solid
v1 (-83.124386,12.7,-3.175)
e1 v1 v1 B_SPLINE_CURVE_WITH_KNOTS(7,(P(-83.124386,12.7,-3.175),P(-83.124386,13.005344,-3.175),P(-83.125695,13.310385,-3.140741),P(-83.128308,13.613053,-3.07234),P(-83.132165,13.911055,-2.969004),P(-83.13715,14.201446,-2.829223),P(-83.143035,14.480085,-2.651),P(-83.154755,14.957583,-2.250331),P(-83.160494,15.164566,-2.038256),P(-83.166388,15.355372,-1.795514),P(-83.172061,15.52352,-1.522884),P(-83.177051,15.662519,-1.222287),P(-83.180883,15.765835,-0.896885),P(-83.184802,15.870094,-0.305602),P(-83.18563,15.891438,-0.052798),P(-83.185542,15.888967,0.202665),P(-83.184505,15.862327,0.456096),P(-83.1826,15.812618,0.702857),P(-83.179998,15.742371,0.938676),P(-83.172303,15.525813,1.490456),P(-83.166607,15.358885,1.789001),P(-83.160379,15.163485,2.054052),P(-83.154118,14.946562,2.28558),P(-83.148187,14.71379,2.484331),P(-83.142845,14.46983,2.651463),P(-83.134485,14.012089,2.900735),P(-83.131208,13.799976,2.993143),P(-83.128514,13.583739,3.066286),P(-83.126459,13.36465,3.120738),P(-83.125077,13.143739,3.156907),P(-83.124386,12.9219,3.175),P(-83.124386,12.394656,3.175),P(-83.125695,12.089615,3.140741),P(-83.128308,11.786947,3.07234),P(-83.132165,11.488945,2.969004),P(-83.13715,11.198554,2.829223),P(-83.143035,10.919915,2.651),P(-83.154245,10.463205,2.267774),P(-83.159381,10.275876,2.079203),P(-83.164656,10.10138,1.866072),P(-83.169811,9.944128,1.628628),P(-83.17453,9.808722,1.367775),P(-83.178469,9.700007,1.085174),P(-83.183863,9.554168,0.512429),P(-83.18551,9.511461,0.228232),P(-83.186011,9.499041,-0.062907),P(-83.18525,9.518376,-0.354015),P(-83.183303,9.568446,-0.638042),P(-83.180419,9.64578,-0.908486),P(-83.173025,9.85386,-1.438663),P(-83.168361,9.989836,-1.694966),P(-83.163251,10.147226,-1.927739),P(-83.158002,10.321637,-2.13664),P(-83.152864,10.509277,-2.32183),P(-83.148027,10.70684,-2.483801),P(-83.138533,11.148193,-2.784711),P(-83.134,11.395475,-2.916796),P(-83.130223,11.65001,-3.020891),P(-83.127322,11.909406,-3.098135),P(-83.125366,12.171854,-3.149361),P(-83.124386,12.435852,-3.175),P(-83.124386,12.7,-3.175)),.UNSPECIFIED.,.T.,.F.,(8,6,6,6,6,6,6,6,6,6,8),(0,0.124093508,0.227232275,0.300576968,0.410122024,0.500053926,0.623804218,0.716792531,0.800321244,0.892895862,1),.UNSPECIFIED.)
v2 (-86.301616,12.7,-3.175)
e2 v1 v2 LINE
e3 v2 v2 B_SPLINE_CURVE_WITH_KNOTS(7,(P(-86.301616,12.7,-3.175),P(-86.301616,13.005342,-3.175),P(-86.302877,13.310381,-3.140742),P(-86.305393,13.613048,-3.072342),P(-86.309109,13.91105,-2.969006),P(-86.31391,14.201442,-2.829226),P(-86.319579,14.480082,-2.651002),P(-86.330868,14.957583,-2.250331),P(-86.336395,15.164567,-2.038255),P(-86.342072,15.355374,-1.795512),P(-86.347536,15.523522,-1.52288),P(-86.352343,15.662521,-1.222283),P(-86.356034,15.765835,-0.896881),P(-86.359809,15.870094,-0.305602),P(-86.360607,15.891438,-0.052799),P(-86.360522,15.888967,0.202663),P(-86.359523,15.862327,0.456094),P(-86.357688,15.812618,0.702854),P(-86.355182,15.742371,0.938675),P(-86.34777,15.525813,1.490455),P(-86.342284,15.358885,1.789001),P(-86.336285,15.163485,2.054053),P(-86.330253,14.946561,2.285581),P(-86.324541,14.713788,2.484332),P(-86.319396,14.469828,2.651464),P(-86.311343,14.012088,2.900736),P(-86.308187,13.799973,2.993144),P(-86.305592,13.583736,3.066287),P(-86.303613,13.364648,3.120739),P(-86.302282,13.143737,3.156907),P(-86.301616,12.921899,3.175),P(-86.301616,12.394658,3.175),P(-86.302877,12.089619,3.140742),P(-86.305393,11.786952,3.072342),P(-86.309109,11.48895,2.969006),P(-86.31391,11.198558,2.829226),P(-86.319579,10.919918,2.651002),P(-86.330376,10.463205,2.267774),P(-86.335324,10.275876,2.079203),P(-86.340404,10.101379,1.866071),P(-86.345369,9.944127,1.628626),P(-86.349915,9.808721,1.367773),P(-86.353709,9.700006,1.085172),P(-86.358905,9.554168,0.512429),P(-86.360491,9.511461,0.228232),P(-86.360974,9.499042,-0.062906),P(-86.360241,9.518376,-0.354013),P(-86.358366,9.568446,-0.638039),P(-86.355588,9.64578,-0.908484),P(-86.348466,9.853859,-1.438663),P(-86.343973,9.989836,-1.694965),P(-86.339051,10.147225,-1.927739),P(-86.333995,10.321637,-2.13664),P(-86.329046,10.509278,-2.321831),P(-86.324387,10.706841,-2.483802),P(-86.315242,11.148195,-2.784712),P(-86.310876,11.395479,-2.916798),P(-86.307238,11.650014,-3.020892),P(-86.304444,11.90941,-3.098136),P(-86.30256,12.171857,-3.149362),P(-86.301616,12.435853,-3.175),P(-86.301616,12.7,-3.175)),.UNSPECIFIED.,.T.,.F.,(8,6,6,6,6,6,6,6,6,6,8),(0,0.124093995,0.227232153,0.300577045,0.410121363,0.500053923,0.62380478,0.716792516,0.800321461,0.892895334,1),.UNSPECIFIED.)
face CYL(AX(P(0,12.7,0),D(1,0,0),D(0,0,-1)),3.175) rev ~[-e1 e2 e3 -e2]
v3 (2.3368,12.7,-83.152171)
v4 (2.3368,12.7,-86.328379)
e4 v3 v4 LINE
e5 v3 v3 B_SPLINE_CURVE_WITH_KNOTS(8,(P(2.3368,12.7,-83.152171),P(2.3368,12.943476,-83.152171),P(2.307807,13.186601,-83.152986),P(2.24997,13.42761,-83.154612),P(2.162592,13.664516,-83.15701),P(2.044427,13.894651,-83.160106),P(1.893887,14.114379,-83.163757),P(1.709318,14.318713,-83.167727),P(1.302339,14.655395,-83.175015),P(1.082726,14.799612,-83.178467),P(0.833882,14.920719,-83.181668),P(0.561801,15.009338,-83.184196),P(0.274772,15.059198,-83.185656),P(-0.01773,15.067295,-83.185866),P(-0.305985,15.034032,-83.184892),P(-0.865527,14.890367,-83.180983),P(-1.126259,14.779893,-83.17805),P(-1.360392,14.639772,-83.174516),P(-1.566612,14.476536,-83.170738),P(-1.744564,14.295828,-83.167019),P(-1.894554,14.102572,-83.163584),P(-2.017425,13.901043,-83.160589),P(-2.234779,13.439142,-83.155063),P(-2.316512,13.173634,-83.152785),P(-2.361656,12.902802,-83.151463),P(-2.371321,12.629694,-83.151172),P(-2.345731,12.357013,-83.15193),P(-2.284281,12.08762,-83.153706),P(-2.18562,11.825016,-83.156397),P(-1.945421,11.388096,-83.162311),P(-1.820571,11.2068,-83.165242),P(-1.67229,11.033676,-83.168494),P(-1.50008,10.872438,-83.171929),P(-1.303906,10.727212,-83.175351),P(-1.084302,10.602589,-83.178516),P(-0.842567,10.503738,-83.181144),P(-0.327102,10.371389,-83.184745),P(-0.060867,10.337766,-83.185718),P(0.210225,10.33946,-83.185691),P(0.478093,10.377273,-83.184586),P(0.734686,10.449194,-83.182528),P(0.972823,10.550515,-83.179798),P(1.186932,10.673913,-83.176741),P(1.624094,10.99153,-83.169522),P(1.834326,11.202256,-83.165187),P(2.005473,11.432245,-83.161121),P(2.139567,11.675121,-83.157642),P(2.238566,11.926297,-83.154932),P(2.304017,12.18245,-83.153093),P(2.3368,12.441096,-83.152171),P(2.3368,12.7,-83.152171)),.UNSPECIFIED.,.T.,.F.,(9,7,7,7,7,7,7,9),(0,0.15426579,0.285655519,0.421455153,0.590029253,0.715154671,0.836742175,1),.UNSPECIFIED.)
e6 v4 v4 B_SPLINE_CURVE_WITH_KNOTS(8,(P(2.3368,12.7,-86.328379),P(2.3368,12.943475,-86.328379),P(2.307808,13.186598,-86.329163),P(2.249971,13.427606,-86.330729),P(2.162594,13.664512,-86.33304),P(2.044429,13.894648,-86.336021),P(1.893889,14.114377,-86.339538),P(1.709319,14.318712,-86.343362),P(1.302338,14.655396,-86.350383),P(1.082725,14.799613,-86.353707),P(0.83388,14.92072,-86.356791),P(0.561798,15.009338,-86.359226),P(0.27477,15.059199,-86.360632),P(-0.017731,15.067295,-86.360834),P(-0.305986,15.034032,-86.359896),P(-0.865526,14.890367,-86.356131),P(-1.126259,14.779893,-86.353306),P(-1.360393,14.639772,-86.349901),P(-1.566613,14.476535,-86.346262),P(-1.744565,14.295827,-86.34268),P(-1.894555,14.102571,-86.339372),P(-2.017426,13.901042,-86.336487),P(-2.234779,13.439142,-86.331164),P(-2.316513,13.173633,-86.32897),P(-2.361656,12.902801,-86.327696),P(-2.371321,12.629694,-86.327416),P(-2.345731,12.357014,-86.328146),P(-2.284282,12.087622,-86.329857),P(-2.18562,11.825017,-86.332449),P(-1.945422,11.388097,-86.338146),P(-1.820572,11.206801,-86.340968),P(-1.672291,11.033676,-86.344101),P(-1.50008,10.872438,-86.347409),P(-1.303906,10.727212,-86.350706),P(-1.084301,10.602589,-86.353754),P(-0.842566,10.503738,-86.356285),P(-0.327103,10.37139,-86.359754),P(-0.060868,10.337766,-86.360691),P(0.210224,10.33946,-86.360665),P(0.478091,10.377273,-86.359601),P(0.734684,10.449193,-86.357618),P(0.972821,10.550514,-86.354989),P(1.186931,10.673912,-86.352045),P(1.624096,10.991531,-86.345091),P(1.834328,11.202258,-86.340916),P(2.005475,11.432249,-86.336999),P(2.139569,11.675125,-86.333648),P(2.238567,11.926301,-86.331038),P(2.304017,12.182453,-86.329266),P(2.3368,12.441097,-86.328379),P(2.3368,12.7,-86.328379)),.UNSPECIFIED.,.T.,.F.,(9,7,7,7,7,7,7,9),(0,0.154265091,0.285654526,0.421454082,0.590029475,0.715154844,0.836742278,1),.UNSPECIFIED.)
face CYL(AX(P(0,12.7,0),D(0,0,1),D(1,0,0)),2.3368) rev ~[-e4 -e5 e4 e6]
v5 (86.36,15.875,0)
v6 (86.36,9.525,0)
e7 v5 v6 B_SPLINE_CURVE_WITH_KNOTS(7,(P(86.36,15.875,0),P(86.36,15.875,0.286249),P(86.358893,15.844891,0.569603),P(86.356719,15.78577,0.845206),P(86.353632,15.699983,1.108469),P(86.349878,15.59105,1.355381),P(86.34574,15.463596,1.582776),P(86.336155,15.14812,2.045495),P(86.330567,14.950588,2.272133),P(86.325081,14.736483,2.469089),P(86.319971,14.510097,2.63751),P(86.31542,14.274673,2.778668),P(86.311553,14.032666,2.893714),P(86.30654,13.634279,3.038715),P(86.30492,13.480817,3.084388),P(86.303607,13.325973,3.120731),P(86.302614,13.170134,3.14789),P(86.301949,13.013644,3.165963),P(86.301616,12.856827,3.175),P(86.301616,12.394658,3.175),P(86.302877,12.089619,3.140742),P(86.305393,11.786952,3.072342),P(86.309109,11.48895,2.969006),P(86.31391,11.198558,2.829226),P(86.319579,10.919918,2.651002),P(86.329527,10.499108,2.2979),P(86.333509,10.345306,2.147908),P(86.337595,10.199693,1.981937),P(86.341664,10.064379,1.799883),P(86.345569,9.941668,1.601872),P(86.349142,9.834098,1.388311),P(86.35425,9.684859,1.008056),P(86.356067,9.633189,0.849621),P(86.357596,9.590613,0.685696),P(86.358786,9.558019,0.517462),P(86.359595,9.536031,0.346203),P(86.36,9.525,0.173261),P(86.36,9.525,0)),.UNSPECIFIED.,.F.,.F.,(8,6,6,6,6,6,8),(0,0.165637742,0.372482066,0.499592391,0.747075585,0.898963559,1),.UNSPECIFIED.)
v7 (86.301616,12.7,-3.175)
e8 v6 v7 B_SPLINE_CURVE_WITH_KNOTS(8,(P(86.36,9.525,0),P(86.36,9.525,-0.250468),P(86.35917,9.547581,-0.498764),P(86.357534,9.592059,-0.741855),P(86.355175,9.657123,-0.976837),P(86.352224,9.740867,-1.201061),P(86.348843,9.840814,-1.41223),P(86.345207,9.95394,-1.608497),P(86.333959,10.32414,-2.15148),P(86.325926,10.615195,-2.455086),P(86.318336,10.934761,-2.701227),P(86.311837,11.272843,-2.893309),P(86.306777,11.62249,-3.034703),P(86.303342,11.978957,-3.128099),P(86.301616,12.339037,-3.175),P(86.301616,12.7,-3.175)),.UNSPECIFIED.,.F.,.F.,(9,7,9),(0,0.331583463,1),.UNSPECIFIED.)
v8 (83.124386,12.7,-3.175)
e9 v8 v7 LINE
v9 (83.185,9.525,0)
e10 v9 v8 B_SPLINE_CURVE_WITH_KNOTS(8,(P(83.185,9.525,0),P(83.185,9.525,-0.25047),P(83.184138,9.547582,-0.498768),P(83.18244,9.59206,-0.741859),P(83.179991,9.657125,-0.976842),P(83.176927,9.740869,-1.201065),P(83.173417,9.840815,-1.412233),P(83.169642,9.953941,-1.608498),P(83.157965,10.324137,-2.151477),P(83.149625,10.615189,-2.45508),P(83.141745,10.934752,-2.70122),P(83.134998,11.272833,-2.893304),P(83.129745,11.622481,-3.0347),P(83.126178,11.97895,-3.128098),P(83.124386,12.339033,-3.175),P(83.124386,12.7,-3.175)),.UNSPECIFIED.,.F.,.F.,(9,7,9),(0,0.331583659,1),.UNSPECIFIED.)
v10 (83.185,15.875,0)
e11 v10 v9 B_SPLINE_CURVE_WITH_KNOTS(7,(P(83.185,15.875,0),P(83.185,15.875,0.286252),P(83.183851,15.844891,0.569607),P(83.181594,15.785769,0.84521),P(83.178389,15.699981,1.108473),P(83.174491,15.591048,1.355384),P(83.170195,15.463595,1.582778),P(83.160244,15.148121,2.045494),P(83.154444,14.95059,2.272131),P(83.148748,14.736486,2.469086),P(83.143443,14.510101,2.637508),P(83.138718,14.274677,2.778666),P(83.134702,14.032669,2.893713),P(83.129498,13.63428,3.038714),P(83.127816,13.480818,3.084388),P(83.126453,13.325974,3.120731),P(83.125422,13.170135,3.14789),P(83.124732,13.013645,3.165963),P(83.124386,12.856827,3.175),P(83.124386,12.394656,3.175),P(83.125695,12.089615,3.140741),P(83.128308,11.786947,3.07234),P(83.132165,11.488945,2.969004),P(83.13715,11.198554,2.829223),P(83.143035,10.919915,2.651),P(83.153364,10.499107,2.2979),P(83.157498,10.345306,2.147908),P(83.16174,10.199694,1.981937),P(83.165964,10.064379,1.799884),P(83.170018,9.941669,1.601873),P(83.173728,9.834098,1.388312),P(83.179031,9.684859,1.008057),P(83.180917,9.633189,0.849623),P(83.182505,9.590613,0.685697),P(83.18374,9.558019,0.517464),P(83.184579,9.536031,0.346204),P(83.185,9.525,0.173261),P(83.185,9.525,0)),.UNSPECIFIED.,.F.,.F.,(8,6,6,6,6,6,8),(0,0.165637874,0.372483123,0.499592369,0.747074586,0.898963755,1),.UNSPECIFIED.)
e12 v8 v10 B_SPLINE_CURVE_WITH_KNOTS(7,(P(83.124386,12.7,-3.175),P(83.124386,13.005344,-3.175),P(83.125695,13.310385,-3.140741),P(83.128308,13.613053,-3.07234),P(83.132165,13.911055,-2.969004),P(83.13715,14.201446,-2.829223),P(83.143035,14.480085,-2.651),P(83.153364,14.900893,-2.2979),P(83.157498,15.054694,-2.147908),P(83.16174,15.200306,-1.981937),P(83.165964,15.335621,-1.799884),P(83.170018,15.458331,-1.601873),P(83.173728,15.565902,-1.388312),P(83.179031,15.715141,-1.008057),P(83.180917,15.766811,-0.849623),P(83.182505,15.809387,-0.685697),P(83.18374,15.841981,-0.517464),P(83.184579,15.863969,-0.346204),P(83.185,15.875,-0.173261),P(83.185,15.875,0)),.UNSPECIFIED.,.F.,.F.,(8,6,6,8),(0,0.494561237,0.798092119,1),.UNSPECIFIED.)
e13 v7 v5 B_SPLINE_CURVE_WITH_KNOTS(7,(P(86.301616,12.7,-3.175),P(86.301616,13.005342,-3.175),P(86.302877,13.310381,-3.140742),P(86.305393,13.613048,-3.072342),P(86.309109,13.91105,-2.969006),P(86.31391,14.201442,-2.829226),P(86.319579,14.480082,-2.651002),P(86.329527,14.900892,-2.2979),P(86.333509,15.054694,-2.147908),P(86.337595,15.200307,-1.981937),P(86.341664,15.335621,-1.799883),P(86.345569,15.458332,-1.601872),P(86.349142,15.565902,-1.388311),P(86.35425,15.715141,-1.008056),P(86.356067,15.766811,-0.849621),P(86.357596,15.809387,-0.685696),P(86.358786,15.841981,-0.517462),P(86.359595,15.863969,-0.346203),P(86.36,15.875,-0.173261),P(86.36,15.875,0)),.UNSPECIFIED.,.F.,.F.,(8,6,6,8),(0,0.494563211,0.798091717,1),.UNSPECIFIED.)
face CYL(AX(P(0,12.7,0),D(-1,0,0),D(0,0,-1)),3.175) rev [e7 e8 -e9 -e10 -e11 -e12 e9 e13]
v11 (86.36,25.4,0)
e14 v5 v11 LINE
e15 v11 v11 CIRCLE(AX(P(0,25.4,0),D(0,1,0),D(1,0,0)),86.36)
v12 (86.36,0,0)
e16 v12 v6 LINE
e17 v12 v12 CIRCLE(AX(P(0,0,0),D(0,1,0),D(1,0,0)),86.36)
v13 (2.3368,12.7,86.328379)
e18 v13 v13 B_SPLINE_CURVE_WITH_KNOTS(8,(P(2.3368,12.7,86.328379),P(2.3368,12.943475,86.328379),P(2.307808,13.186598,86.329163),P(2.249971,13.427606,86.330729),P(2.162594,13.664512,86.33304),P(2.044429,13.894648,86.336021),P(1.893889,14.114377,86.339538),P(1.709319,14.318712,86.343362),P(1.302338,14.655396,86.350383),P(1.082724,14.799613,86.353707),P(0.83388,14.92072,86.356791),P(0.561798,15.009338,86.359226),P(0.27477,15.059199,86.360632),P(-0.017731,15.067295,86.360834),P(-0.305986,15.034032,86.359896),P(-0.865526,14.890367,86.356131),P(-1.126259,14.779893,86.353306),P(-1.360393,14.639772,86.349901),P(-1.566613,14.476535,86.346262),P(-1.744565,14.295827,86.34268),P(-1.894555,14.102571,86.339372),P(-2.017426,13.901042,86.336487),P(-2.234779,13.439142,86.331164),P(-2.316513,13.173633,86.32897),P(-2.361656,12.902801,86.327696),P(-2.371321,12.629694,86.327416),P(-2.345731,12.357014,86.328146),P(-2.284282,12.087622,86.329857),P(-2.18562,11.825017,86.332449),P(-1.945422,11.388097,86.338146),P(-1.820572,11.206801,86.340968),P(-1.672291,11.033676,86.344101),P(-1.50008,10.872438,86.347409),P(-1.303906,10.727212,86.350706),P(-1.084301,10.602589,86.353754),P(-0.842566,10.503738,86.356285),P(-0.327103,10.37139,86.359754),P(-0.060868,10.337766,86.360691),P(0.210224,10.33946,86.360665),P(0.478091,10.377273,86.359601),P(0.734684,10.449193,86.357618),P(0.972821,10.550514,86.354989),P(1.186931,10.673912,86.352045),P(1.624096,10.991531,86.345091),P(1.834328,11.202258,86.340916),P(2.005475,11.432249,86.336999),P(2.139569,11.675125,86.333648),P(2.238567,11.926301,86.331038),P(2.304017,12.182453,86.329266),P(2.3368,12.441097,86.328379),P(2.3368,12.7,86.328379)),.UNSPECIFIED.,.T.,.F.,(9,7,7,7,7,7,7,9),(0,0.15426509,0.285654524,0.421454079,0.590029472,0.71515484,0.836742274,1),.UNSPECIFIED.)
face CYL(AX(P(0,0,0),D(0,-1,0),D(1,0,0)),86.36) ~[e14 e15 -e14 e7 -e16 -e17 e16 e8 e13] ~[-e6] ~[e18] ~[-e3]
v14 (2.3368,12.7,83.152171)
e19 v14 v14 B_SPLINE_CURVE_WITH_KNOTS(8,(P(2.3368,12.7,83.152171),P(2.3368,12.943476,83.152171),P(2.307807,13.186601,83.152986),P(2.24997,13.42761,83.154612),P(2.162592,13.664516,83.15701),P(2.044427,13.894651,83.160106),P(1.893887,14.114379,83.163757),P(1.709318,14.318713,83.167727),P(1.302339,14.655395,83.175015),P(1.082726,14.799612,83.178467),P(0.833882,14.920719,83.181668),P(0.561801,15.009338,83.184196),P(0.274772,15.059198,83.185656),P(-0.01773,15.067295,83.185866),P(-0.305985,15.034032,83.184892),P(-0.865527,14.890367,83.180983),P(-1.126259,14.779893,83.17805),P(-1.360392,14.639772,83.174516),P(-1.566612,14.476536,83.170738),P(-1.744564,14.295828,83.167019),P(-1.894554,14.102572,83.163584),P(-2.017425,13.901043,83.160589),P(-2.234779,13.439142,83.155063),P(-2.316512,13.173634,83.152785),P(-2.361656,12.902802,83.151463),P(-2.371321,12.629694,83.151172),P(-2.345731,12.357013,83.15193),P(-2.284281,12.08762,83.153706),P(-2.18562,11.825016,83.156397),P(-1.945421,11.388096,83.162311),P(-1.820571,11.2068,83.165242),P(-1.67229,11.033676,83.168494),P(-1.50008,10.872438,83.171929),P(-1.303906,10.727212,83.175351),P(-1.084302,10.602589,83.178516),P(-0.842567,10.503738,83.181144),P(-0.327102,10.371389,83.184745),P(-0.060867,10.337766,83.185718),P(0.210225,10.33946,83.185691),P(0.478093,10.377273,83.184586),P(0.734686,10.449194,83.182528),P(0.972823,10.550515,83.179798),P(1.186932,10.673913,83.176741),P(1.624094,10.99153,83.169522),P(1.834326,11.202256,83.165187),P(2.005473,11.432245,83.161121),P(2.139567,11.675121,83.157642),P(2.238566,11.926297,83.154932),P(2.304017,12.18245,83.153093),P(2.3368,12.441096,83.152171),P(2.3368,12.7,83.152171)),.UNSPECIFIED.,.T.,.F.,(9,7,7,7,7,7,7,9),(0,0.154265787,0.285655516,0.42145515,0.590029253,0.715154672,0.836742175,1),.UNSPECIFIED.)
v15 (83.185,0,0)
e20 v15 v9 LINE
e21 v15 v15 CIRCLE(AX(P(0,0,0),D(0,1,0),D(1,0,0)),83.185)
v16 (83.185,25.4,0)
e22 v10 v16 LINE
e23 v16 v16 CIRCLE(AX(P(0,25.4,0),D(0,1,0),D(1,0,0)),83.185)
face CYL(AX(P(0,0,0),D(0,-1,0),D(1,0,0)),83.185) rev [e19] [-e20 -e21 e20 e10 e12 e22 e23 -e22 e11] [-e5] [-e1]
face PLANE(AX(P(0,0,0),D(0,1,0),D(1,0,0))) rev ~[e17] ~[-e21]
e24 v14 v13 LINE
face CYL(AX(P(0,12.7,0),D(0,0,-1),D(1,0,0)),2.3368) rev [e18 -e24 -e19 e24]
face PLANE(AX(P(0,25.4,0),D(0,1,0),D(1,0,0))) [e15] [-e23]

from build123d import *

# Parameters (mm, degrees)
SKETCH1_R               = 86.36
SKETCH1_R_2             = 83.185
BOSS_EXTRUDE1_DEPTH     = 25.4
SKETCH2_R               = 3.175
CUT_EXTRUDE1_DEPTH      = 87.36
CUT_EXTRUDE1_DEPTH_BACK = 87.36
SKETCH3_R               = 2.3368
CUT_EXTRUDE2_DEPTH      = 87.3600001
CUT_EXTRUDE2_DEPTH_BACK = 87.3600001


with BuildPart() as part:
    # Sketch1 → Boss-Extrude1 (new body)
    with BuildSketch(Plane(origin=(0, 0, 0), x_dir=(1, 0, 0), z_dir=(0, 1, 0))):
        Circle(SKETCH1_R)
        Circle(SKETCH1_R_2, mode=Mode.SUBTRACT)
    extrude(amount=BOSS_EXTRUDE1_DEPTH)

    # Sketch2 → Cut-Extrude1 (cut, two sides)
    with BuildSketch(Plane(origin=(0, 0, 0), x_dir=(0, 0, -1), z_dir=(1, 0, 0))) as cut_extrude1_sk:
        with Locations((0, 12.7)):
            Circle(SKETCH2_R)
    extrude(amount=CUT_EXTRUDE1_DEPTH, mode=Mode.SUBTRACT)
    extrude(cut_extrude1_sk.sketch, amount=-CUT_EXTRUDE1_DEPTH_BACK, mode=Mode.SUBTRACT)

    # Sketch3 → Cut-Extrude2 (cut, two sides)
    with BuildSketch(Plane.XY) as cut_extrude2_sk:
        with Locations((0, 12.7)):
            Circle(SKETCH3_R)
    extrude(amount=CUT_EXTRUDE2_DEPTH, mode=Mode.SUBTRACT)
    extrude(cut_extrude2_sk.sketch, amount=-CUT_EXTRUDE2_DEPTH_BACK, mode=Mode.SUBTRACT)


solid = part.part
